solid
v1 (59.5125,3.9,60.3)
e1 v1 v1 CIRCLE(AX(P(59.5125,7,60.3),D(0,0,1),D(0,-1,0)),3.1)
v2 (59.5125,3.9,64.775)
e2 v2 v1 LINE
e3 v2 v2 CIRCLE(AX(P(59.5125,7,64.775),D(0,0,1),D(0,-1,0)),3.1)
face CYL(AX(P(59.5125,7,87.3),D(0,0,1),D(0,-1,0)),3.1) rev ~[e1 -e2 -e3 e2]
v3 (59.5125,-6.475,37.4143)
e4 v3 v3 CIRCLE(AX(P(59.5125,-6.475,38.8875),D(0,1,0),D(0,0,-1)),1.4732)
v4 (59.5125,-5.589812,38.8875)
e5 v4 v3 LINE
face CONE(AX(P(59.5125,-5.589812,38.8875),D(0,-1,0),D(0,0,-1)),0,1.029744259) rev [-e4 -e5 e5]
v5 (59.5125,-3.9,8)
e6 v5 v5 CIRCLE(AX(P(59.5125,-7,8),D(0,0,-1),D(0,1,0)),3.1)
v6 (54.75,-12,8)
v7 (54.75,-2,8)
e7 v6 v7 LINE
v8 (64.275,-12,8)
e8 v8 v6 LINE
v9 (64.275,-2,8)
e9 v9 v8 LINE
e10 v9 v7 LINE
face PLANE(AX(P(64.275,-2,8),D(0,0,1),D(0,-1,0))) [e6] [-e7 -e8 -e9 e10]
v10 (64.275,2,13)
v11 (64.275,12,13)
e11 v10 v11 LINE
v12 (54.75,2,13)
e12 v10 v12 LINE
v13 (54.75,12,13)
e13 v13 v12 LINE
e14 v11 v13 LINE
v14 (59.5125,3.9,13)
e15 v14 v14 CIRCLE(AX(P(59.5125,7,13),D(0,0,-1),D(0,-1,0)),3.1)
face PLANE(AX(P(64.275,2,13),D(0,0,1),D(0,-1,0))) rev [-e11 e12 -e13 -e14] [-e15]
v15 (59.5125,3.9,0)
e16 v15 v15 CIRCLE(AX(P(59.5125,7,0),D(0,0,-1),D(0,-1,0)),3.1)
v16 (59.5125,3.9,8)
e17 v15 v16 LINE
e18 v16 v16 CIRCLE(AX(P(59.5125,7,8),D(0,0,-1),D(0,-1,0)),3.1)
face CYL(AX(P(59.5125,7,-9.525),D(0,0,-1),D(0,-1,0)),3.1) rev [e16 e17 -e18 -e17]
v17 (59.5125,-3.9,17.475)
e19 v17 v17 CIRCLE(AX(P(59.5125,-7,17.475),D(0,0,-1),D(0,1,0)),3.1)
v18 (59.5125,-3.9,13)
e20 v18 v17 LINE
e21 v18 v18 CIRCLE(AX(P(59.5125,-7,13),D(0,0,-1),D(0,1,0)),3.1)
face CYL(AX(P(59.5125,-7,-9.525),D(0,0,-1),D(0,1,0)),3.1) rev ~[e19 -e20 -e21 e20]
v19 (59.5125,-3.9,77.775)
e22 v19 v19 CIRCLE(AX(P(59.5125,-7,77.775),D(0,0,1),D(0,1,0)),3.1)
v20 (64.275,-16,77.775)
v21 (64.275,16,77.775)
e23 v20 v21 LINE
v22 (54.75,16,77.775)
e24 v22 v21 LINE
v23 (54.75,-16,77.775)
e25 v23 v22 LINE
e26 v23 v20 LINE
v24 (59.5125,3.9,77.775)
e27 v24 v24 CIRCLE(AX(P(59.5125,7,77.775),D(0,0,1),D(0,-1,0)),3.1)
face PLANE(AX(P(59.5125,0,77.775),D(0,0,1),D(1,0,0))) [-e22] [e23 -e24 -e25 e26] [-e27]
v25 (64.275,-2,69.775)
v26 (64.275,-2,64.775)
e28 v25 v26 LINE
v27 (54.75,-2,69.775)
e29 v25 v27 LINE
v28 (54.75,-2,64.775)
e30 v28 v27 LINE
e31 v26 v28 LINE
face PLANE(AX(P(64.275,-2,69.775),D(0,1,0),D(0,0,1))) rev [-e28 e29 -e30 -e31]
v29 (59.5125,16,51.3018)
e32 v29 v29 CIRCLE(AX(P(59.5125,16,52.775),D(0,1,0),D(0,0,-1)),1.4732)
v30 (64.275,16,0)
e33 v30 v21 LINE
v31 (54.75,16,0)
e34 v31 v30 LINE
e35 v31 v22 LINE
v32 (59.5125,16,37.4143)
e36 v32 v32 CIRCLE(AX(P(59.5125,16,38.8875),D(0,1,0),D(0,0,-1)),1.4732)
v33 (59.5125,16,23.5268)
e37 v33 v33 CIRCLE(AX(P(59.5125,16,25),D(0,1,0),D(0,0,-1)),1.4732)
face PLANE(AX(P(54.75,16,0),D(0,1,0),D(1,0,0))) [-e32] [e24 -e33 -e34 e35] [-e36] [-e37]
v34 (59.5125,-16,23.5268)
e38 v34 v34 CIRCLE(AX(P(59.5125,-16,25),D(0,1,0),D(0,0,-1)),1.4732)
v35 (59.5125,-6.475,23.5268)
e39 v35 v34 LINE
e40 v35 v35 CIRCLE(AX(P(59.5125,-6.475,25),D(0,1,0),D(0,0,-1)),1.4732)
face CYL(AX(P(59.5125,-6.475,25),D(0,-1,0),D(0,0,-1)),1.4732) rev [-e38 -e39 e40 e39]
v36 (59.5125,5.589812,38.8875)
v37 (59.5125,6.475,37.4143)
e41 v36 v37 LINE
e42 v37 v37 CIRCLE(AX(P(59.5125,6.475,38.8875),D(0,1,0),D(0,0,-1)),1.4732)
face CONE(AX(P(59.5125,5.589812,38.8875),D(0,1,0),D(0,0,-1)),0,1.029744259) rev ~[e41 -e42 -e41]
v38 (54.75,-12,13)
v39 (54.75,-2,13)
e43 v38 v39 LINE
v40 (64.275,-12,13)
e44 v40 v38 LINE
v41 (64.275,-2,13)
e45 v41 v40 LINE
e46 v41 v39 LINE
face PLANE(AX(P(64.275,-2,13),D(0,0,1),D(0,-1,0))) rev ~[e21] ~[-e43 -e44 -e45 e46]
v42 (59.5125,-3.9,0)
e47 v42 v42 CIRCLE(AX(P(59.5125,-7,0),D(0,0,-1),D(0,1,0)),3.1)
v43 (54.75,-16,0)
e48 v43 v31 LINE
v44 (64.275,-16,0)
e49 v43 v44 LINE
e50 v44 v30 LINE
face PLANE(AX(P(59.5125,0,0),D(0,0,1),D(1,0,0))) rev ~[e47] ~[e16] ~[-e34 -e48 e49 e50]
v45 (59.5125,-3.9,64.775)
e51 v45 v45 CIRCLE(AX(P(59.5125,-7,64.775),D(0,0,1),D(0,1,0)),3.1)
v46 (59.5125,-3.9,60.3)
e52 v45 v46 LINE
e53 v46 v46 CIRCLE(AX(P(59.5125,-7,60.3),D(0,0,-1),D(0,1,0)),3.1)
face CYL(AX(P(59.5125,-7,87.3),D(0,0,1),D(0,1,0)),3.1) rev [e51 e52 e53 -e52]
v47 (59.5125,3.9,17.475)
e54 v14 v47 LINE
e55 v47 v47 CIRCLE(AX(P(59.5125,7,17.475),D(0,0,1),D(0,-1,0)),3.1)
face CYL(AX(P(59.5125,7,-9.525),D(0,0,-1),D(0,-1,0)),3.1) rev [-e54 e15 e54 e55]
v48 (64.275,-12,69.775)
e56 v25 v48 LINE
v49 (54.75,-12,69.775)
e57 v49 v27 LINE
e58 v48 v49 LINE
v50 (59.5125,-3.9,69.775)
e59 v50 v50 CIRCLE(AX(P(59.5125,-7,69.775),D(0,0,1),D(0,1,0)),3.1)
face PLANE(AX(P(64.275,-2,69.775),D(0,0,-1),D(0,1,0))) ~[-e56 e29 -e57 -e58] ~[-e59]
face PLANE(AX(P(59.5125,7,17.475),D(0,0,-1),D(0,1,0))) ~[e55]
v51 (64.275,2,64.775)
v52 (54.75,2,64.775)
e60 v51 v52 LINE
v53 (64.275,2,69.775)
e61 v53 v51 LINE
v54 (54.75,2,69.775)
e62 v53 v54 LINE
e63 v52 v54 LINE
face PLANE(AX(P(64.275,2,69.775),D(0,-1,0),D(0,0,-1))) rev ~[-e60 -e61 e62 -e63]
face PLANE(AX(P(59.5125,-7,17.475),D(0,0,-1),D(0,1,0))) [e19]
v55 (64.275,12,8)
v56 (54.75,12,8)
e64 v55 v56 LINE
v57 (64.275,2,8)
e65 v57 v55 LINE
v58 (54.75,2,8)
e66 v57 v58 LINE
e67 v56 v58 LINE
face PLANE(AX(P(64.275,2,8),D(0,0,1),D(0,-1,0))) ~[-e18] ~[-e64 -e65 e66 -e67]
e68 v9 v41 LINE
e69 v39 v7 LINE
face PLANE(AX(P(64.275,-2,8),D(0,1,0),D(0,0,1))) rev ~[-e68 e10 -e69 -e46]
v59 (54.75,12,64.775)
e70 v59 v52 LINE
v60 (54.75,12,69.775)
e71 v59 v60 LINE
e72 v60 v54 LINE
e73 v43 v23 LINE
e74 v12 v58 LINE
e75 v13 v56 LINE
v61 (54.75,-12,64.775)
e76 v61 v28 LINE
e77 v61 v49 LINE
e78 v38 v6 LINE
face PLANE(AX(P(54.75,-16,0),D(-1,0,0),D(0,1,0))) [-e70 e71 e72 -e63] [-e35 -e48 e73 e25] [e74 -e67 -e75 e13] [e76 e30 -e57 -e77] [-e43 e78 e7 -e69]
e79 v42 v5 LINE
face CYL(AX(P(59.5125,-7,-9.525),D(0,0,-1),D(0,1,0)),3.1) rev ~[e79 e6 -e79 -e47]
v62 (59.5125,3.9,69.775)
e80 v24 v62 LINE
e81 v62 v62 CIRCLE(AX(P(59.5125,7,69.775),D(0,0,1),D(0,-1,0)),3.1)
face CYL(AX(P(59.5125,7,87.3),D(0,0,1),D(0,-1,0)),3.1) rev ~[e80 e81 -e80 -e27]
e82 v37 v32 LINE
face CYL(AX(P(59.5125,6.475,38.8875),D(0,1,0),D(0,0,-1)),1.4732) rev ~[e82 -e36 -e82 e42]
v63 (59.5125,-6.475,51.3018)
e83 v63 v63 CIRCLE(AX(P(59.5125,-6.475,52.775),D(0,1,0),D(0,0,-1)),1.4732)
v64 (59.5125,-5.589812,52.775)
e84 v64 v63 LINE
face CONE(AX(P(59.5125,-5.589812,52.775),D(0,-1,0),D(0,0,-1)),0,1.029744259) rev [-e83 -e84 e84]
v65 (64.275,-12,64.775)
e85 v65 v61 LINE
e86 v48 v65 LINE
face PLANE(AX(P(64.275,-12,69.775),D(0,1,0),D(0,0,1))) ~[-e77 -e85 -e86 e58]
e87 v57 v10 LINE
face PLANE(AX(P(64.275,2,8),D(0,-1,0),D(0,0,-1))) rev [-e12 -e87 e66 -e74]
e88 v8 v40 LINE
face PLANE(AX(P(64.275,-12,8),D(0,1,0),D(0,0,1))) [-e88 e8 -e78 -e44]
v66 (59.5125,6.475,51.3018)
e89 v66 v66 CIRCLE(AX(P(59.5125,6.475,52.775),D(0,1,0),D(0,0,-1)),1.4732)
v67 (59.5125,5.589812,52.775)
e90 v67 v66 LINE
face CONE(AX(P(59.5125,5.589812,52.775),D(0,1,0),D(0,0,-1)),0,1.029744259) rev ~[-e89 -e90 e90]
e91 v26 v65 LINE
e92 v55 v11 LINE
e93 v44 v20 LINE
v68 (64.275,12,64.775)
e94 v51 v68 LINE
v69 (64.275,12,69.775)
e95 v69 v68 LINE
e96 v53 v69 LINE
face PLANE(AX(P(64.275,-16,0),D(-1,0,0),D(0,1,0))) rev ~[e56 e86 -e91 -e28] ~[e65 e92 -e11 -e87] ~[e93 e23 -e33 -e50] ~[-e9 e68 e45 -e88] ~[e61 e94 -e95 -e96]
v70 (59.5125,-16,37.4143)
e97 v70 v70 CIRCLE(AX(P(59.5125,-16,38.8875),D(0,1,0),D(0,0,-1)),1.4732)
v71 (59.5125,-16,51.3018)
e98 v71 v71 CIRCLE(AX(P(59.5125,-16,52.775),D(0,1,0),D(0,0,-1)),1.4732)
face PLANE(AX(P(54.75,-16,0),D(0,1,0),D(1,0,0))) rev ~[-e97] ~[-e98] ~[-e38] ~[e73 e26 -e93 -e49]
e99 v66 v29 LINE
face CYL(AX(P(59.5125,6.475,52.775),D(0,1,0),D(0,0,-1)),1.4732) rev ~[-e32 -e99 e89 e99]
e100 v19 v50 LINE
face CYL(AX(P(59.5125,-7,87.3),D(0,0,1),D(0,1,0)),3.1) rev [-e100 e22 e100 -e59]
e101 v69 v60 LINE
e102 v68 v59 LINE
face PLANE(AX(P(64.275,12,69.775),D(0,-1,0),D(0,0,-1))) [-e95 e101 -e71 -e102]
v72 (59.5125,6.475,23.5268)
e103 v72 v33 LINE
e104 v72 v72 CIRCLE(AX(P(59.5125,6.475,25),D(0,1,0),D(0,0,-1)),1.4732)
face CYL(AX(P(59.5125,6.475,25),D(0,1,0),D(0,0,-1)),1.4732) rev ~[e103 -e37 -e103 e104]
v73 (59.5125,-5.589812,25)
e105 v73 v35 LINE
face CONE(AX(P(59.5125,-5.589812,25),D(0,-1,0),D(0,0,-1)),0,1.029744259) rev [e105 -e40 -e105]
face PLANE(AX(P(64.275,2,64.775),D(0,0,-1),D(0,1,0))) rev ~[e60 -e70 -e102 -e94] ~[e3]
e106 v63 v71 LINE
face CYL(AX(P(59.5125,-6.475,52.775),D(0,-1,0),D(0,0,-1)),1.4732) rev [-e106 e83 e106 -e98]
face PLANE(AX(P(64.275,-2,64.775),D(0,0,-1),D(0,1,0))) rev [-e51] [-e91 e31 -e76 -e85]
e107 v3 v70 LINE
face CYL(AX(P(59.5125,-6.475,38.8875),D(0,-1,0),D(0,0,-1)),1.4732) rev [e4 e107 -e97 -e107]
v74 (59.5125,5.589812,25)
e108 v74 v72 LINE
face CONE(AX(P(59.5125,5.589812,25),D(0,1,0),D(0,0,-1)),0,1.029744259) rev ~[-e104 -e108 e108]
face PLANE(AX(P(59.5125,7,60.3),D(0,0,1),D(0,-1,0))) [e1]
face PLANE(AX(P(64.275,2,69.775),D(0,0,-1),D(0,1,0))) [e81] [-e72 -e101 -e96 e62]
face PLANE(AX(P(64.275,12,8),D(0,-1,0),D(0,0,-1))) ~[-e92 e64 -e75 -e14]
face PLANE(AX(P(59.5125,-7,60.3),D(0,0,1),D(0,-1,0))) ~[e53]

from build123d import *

# Parameters (mm, degrees)
SKETCH1_W               = 9.525
SKETCH1_H               = 32
BOSS_EXTRUDE1_DEPTH     = 77.775
SKETCH2_W               = 5
SKETCH2_H               = 10
NUT_SLOT_DEPTH          = 80.972971997
M6_START                = 9.525
SKETCH3_R               = 3.1
M6_DRILL_DEPTH          = 27
MIRROR2_COPY_1_SKETCH_W = 5
MIRROR2_COPY_1_SKETCH_H = 10
MIRROR2_COPY_1_DEPTH    = 80.972971997
MIRROR2_START           = 9.525
MIRROR2_COPY_2_SKETCH_R = 3.1
MIRROR2_COPY_2_DEPTH    = 27
LPATTERN1_COUNT         = 3
LPATTERN1_PITCH         = 13.8875


with BuildPart() as part:
    # Sketch1 → Boss-Extrude1 (new body)
    with BuildSketch(Plane.XY):
        with Locations((59.5125, 0)):
            Rectangle(SKETCH1_W, SKETCH1_H)
    extrude(amount=BOSS_EXTRUDE1_DEPTH)

    # Sketch2 → Nut Slot (cut, through all)
    with BuildSketch(Plane(origin=(64.275, 0, 0), x_dir=(0, 0, -1), z_dir=(1, 0, 0))):
        with Locations((-67.275, 7)):
            Rectangle(SKETCH2_W, SKETCH2_H)
    nut_slot = extrude(amount=-NUT_SLOT_DEPTH, mode=Mode.SUBTRACT)

    # Sketch3 → M6 Drill (cut)
    with BuildSketch(Plane.XY.offset(77.775).offset(M6_START)):
        with Locations(Location((59.5125, 7, 0), (0, 0, 270))):
            Circle(SKETCH3_R)
    m6_drill = extrude(amount=-M6_DRILL_DEPTH, mode=Mode.SUBTRACT)

    # Mirror1: Nut Slot, M6 Drill across plane
    add(nut_slot.mirror(Plane.ZX), mode=Mode.SUBTRACT)
    add(m6_drill.mirror(Plane.ZX), mode=Mode.SUBTRACT)

    # Mirror2: Nut Slot, M6 Drill across plane
    add(nut_slot.mirror(Plane.XY.offset(38.8875)), mode=Mode.SUBTRACT)
    add(m6_drill.mirror(Plane.XY.offset(38.8875)), mode=Mode.SUBTRACT)

    # Mirror2 copy 1 sketch → Mirror2 copy 1 (cut, through all)
    with BuildSketch(Plane(origin=(64.275, 0, 77.775), x_dir=(0, 0, 1), z_dir=(1, 0, 0))):
        with Locations((-67.275, 7)):
            Rectangle(MIRROR2_COPY_1_SKETCH_W, MIRROR2_COPY_1_SKETCH_H)
    extrude(amount=-MIRROR2_COPY_1_DEPTH, mode=Mode.SUBTRACT)

    # Mirror2 copy 2 sketch → Mirror2 copy 2 (cut)
    with BuildSketch(Plane(origin=(0, 0, 0), x_dir=(1, 0, 0), z_dir=(0, 0, -1)).offset(MIRROR2_START)):
        with Locations(Location((59.5125, 7, 0), (0, 0, 270))):
            Circle(MIRROR2_COPY_2_SKETCH_R)
    extrude(amount=-MIRROR2_COPY_2_DEPTH, mode=Mode.SUBTRACT)

    # Sketch7 → #32 (0.116) Diameter Hole1 (revolve, cut)
    with BuildSketch(Plane(origin=(59.5125, -16, 52.775), x_dir=(0, 0, -1), z_dir=(1, 0, 0))):
        Polygon((0, 0), (0, 10.410187864), (1.4732, 9.525), (1.4732, 0), align=None)
    f_32_0_116_diameter_hole1 = revolve(axis=Axis((59.5125, -22.35, 52.775), (0, 1, 0)), mode=Mode.SUBTRACT)

    # LPattern1: #32 (0.116) Diameter Hole1 ×3
    with Locations(*[(0, 0, -i * LPATTERN1_PITCH) for i in range(1, LPATTERN1_COUNT)]):
        add(f_32_0_116_diameter_hole1, mode=Mode.SUBTRACT)

    # Mirror3: #32 (0.116) Diameter Hole1 across plane
    add(f_32_0_116_diameter_hole1.mirror(Plane.ZX), mode=Mode.SUBTRACT)

    # Mirror3 copy 1 sketch → Mirror3 copy 1 (revolve, cut)
    with BuildSketch(Plane(origin=(59.5125, 16, 38.8875), x_dir=(0, 0, -1), z_dir=(1, 0, 0))):
        Polygon((0, 0), (0, -10.410187864), (1.4732, -9.525), (1.4732, 0), align=None)
    revolve(axis=Axis((59.5125, 22.35, 38.8875), (0, 1, 0)), mode=Mode.SUBTRACT)

    # Mirror3 copy 2 sketch → Mirror3 copy 2 (revolve, cut)
    with BuildSketch(Plane(origin=(59.5125, 16, 25), x_dir=(0, 0, -1), z_dir=(1, 0, 0))):
        Polygon((0, 0), (0, -10.410187864), (1.4732, -9.525), (1.4732, 0), align=None)
    revolve(axis=Axis((59.5125, 22.35, 25), (0, 1, 0)), mode=Mode.SUBTRACT)


solid = part.part
